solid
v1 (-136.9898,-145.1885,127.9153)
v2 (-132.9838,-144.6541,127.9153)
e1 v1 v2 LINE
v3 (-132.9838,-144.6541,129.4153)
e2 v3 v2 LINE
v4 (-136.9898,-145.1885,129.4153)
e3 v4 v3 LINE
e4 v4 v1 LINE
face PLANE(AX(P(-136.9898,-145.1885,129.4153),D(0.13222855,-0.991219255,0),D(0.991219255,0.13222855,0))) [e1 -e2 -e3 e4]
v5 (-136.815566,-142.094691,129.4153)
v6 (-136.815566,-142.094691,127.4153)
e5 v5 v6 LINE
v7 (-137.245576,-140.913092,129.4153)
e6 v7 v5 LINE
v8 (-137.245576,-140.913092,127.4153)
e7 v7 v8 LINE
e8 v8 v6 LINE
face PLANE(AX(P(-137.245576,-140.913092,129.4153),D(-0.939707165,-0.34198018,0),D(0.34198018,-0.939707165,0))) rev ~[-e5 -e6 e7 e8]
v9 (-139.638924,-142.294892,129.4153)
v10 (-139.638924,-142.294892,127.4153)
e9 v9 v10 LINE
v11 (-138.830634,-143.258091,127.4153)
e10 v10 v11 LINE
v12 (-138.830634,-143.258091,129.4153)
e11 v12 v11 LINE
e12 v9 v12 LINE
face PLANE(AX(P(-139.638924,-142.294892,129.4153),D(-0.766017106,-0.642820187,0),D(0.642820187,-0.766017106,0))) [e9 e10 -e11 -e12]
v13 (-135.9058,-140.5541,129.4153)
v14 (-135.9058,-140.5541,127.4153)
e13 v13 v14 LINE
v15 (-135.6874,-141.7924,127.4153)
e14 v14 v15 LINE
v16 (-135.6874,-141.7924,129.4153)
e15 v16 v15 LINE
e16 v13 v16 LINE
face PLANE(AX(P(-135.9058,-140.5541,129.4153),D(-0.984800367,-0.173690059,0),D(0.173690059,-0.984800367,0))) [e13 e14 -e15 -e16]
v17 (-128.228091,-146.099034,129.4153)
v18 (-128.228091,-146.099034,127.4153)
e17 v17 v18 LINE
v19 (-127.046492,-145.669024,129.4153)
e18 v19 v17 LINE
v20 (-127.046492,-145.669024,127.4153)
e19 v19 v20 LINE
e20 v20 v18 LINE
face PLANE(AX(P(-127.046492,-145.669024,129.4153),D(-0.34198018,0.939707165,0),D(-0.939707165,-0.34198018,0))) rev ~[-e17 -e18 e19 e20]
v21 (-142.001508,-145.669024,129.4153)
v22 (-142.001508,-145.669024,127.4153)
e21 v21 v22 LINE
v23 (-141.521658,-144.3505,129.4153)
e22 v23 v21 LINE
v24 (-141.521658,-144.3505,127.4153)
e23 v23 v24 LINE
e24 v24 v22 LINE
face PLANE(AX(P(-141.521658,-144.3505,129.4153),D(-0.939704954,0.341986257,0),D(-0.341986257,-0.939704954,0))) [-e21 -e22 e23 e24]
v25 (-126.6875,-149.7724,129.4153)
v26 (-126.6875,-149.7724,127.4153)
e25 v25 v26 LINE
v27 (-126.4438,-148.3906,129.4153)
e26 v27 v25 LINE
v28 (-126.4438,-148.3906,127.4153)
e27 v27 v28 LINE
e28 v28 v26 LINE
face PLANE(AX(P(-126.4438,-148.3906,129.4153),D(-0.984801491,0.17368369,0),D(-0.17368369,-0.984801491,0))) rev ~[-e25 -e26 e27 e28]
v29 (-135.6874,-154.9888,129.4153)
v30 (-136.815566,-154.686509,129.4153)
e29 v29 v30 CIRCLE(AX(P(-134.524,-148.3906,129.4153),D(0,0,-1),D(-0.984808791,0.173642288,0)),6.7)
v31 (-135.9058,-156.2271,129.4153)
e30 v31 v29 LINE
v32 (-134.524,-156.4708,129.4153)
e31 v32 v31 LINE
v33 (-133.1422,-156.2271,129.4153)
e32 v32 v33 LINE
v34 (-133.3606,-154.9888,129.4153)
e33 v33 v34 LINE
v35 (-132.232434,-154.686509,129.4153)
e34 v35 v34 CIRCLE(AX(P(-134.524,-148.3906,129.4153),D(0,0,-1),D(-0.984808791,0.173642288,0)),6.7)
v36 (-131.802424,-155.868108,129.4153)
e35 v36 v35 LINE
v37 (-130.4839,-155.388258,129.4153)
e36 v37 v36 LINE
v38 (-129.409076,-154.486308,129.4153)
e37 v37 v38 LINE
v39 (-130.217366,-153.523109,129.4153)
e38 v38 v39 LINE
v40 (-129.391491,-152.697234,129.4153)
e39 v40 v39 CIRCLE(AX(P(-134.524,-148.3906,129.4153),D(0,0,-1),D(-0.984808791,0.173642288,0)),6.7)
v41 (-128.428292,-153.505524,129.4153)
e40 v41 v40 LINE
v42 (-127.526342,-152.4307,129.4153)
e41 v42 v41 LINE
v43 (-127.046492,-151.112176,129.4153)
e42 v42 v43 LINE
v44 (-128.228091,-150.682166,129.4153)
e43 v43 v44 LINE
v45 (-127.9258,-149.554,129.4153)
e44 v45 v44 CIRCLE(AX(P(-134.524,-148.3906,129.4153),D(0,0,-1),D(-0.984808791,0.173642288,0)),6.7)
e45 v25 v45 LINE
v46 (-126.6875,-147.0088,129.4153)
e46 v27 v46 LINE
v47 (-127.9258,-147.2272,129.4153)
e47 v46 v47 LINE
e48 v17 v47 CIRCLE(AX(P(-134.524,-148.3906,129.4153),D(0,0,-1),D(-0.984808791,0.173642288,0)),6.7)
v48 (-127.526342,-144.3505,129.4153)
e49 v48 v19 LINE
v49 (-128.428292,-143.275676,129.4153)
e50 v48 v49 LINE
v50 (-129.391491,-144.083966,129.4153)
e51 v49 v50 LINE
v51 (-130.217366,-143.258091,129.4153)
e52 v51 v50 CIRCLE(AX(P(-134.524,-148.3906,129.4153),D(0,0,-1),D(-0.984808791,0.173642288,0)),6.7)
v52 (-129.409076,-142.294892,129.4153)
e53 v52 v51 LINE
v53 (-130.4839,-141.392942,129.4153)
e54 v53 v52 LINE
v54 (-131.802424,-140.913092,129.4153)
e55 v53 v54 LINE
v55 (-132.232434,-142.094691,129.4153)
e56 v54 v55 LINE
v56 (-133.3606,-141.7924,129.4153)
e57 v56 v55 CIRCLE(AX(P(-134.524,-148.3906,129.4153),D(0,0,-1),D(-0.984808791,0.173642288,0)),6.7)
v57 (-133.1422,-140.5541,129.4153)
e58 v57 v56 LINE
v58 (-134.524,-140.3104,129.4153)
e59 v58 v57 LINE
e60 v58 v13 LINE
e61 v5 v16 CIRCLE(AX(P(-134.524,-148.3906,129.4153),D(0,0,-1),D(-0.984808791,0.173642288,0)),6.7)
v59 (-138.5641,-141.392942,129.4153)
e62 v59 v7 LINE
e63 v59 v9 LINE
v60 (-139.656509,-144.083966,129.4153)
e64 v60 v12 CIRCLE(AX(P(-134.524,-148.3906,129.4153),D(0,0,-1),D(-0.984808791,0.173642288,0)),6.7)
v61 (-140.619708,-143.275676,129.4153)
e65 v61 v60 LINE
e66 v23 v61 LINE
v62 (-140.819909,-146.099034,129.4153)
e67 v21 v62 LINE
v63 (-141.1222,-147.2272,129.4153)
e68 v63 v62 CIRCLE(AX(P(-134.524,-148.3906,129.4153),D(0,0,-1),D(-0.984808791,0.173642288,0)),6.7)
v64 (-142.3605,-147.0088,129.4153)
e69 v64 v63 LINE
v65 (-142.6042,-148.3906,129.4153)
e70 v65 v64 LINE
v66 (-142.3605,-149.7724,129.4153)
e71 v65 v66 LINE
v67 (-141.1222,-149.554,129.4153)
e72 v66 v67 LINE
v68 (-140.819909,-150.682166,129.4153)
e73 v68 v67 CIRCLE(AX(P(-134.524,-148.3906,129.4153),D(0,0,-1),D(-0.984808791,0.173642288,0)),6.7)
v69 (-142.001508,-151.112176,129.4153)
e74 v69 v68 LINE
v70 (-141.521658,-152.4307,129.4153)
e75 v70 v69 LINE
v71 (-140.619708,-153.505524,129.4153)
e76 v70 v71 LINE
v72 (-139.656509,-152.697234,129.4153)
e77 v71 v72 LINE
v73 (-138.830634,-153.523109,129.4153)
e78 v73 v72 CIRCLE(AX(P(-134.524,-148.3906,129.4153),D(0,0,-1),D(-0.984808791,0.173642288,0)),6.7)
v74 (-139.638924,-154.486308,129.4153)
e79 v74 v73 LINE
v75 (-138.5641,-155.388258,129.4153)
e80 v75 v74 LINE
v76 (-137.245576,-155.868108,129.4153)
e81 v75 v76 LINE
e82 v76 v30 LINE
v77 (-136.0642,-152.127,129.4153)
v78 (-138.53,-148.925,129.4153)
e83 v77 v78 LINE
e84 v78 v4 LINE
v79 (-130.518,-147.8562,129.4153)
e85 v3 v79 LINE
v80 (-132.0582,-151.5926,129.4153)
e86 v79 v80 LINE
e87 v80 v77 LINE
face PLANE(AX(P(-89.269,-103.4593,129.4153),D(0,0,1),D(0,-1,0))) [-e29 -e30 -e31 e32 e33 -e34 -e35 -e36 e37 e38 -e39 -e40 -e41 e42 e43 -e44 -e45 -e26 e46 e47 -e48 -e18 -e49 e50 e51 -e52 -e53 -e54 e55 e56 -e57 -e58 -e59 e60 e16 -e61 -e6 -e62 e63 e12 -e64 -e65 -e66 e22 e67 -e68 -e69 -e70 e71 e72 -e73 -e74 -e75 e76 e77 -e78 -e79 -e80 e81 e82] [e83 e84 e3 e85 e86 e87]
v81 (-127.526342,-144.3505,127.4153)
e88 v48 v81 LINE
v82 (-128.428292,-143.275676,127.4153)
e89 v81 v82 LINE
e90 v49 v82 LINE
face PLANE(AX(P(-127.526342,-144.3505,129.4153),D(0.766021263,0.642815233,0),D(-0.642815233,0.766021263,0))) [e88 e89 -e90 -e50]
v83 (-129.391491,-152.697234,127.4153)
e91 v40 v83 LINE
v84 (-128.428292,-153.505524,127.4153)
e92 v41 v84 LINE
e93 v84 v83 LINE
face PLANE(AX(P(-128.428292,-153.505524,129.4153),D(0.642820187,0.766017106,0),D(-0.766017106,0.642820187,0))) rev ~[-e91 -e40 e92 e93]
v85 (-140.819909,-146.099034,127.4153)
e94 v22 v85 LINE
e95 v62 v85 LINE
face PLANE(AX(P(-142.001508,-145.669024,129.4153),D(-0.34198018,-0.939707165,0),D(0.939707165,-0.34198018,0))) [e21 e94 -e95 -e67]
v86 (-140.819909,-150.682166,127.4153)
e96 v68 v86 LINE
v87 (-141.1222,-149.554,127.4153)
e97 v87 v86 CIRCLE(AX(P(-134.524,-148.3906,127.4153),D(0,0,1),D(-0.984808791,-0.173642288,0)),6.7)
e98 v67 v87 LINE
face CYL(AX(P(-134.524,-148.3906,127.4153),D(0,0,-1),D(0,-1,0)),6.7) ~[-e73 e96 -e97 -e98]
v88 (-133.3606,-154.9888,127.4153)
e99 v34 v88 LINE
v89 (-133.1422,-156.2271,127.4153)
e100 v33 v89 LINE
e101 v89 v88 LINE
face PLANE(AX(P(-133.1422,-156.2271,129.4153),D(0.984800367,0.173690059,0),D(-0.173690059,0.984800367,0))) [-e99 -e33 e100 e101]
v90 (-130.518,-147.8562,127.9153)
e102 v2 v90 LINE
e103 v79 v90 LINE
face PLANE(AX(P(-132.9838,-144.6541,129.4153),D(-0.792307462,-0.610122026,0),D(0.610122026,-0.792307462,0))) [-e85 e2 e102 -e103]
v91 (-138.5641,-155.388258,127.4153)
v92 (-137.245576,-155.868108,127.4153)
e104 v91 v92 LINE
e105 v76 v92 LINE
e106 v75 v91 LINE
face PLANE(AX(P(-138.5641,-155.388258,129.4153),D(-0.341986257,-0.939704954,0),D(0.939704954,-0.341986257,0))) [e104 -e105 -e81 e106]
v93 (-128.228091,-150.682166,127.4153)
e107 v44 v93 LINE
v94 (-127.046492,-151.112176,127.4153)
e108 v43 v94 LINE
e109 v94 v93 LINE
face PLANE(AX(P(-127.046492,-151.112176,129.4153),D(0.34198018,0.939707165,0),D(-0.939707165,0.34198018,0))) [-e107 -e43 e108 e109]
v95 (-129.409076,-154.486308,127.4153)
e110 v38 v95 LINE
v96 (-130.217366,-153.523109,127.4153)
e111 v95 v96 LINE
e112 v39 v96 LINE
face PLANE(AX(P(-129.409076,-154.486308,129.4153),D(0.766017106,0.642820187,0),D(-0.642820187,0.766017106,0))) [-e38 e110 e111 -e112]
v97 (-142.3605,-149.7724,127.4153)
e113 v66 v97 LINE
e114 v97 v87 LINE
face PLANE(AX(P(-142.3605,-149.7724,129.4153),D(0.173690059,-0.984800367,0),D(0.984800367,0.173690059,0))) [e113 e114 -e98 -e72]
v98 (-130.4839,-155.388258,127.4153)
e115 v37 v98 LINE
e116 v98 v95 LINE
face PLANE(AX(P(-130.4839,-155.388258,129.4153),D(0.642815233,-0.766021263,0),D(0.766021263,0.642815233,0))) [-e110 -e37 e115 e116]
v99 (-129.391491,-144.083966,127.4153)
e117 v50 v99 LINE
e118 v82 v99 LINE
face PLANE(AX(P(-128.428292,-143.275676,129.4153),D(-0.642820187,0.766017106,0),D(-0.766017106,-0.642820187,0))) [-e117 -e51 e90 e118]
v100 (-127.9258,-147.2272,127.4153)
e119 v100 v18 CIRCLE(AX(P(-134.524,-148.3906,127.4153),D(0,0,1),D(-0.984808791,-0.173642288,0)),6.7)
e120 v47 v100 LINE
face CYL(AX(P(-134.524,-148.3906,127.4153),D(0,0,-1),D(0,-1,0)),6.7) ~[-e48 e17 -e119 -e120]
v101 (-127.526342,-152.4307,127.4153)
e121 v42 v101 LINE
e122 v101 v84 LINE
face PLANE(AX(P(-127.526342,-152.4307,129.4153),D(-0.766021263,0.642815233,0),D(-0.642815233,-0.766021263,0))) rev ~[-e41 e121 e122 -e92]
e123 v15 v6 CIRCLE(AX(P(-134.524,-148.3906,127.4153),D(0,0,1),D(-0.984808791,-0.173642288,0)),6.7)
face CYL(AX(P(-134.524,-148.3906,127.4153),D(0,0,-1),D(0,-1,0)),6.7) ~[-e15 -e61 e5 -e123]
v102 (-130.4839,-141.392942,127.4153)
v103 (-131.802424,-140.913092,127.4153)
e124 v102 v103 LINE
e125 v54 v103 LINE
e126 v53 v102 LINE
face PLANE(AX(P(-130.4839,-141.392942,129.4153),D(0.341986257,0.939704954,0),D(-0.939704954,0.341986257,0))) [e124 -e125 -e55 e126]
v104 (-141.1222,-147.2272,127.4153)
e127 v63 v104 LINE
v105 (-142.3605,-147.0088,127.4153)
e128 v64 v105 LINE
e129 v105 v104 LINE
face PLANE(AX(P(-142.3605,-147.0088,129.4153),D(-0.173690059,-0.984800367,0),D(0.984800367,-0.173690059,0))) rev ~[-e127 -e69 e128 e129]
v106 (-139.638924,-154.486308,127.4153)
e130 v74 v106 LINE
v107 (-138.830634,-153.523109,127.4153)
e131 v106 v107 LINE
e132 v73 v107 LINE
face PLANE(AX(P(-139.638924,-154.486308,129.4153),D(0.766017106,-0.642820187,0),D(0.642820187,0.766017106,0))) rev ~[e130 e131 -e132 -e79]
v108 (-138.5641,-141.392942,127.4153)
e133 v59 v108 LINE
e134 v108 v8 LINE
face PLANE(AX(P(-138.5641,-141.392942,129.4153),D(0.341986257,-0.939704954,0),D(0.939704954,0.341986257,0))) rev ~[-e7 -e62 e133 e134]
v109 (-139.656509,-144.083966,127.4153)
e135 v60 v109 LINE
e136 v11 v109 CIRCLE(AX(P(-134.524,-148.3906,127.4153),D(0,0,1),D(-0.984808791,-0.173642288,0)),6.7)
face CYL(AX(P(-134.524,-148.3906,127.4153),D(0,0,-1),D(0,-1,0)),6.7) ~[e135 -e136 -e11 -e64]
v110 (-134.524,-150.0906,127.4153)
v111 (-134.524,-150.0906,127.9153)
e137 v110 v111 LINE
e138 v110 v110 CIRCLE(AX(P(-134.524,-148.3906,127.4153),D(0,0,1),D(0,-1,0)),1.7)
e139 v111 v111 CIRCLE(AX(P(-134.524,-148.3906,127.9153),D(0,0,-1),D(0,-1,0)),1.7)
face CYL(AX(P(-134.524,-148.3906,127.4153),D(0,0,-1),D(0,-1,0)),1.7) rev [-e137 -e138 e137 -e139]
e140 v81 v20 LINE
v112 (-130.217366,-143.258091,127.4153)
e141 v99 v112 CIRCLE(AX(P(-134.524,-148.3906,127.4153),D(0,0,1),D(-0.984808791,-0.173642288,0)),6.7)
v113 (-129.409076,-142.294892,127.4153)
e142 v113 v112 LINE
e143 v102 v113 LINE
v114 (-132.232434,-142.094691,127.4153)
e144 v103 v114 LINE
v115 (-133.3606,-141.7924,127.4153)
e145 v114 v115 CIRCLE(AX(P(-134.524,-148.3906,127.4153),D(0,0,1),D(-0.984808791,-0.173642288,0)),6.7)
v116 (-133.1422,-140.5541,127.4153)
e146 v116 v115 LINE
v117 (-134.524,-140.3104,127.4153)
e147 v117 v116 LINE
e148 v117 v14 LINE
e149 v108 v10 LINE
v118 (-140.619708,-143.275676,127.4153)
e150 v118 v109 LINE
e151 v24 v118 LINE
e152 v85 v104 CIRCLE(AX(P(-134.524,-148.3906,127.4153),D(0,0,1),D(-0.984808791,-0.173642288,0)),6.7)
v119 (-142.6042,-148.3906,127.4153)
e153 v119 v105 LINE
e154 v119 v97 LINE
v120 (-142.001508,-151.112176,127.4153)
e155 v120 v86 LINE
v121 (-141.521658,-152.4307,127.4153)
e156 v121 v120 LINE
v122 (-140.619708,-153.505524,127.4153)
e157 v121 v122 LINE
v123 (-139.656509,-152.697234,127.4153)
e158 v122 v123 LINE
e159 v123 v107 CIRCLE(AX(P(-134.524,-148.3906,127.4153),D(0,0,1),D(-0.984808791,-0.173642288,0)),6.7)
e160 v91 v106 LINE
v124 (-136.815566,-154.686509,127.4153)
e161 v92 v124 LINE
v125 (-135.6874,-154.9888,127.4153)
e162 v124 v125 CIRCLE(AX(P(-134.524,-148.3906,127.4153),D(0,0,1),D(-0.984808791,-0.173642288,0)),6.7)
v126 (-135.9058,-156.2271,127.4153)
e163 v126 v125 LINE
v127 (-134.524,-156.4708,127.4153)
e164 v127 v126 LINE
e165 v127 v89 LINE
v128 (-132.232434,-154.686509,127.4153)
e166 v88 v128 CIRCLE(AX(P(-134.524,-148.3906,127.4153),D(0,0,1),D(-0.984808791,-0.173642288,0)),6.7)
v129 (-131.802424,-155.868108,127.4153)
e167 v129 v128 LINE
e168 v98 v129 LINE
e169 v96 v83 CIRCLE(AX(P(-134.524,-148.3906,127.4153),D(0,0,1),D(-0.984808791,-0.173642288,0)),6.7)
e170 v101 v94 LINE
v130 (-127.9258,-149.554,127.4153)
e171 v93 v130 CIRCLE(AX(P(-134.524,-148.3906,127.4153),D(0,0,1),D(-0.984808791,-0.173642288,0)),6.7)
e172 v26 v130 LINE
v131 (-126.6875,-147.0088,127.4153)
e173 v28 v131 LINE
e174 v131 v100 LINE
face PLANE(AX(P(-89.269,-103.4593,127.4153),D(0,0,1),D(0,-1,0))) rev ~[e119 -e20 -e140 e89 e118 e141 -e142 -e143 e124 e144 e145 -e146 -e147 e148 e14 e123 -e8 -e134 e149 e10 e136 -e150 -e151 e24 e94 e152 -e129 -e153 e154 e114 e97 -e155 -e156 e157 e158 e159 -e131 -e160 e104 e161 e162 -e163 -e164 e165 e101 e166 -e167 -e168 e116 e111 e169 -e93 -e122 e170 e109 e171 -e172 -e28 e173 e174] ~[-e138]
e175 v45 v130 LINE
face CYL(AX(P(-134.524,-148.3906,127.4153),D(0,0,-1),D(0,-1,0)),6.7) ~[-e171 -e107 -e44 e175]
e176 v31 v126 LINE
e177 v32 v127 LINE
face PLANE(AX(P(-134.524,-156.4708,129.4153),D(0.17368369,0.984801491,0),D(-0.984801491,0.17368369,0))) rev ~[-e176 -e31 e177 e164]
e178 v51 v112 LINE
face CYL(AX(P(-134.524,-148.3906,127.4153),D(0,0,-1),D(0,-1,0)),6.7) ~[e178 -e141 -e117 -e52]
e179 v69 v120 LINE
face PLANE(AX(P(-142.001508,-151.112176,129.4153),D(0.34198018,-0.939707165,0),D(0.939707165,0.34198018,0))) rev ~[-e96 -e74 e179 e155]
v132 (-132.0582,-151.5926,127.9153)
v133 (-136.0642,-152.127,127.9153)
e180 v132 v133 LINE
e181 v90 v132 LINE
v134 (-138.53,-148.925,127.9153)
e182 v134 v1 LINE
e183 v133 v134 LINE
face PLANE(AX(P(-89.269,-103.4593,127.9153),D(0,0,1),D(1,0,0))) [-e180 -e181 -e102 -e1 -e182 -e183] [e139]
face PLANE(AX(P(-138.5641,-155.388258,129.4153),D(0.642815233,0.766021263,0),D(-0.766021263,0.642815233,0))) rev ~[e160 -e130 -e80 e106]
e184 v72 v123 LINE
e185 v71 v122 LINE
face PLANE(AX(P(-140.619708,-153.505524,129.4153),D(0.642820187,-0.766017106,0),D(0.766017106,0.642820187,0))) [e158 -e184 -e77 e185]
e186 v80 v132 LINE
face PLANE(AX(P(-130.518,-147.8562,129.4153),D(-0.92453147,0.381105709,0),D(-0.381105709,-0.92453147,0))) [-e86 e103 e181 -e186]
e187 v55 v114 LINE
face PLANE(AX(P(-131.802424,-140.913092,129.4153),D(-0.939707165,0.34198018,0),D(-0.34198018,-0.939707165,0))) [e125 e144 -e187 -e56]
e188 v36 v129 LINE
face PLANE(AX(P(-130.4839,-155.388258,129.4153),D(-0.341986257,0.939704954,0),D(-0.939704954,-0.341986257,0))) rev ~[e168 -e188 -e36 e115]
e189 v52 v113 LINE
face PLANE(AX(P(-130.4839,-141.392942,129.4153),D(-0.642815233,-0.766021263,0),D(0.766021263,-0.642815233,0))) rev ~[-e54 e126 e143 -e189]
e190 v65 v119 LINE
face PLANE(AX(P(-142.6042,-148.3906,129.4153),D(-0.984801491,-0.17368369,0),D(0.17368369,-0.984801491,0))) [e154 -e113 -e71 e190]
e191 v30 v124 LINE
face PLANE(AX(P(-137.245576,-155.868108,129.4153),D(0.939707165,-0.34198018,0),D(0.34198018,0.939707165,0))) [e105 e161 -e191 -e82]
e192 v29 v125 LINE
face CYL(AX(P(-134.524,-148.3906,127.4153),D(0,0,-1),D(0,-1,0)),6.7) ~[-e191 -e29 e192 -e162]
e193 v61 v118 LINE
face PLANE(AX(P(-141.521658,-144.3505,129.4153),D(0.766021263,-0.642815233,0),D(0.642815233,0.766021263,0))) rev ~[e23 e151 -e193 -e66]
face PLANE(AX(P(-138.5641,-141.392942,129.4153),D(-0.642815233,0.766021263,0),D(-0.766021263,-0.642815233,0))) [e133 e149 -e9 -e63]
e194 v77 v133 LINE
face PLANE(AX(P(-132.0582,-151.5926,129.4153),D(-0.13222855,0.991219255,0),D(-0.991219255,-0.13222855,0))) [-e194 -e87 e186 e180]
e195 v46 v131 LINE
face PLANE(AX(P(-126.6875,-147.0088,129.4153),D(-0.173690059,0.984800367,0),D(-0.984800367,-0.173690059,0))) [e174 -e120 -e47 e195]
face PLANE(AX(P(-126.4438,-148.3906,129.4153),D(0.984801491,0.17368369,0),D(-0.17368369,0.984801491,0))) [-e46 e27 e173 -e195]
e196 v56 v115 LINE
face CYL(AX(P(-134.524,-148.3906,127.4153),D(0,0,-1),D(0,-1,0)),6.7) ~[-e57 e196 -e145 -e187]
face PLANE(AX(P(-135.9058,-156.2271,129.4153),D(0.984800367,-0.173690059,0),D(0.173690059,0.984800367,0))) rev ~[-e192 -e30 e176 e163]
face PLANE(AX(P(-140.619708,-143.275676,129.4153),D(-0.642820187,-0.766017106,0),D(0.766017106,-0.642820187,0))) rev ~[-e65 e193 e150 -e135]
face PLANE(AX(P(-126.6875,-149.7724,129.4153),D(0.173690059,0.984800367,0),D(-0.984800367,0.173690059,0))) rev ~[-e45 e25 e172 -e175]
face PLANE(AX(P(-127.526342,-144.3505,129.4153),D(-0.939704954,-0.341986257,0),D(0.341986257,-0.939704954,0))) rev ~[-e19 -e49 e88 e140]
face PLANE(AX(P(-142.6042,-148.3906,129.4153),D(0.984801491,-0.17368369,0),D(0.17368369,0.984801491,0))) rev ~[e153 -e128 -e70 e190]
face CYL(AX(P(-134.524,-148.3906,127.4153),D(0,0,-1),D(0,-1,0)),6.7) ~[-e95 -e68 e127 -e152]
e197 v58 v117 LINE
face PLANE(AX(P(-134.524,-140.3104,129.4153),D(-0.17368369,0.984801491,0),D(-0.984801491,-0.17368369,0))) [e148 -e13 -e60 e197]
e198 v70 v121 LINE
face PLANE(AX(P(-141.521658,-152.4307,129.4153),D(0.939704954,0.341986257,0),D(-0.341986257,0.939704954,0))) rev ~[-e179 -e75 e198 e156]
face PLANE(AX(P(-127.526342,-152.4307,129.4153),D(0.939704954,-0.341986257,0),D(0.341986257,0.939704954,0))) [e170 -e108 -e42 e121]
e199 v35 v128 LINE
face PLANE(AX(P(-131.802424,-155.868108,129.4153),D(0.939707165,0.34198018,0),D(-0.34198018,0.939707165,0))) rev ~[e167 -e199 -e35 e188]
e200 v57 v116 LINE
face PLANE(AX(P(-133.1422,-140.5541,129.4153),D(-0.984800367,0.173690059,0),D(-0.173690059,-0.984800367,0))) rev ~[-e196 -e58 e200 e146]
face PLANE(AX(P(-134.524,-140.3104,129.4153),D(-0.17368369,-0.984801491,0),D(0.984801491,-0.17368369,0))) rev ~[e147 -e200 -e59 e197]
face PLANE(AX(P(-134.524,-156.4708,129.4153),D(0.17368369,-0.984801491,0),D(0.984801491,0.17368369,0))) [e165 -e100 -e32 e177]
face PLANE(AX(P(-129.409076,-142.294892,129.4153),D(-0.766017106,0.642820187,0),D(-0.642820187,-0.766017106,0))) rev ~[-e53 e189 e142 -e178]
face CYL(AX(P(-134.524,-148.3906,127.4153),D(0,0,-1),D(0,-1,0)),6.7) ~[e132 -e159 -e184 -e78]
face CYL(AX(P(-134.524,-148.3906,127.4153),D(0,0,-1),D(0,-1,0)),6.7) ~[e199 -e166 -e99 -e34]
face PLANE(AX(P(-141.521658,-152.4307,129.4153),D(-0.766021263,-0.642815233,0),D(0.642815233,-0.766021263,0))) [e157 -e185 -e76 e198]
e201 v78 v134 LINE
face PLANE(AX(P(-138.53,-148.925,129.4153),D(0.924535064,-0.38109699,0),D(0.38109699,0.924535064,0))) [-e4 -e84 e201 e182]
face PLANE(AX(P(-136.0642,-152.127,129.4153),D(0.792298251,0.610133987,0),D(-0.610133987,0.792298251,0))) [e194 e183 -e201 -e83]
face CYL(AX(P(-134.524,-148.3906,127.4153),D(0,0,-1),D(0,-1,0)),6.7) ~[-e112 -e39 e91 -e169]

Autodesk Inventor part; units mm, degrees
ref_plane "YZ Plane" through (0, 0, 0) normal (1, 0, 0) x (0, 1, 0)
ref_plane "XZ Plane" through (0, 0, 0) normal (0, 1, 0) x (-1, 0, 0)
ref_plane "XY Plane" through (0, 0, 0) normal (0, 0, 1) x (1, 0, 0)
ref_plane "Work Plane1" through (-89.269, -103.4593, 127.4153) normal (0, 0, 1) x (0, -1, 0)
sketch "Sketch1" plane through (-89.269, -103.4593, 127.4153) normal (0, 0, 1) x (0, -1, 0)
  circle A0 centre (44.9313, -45.255) radius 1.4 construction
  circle A1 centre (44.9313, -45.255) radius 1.7
  circle A2 centre (44.9313, -45.255) radius 6.7
  point P0 (-103.4593, 89.269)
  dimension "d0" = 0.3
  dimension "d1" = 5
extrude "Extrusion1" add sketch "Sketch1" along normal blind 2
sketch "Sketch2" plane through (-134.524, -148.3906, 129.4153) normal (0, 0, 1) x (1, 0, 0)
  circle A0 centre (0, 0) radius 1.7 projected
  circle A1 centre (0, 0) radius 6.7 projected
  line L0 (-6.7, 0) -> (-8.0802, 0)
  line L1 (-8.0802, 0) -> (-7.8365, -1.3818)
  line L2 (-7.8365, -1.3818) -> (-6.5982, -1.1634)
  circle A2 centre (0, 0) radius 6.7 projected
  line L3 (0, 0) -> (-6.5982, -1.1634)
  line L4 (0, 0) -> (-6.7, 0)
  line L5 (0, 0) -> (6.7, 0) construction
  line L6 (-8.0802, 0) -> (-7.8365, 1.3818)
  line L7 (-7.8365, 1.3818) -> (-6.5982, 1.1634)
  arc A3 (-6.5982, 1.1634) -> (-6.5982, -1.1634) centre (0, 0) ccw
  point P0 (134.524, 148.3906)
  dimension "d4" = 180
  dimension "d7" = 10
extrude "Extrusion2" add sketch "Sketch2" against normal up to surface (2 mm away) contours L0 L6 L7 A1 | A1 L2 L1 L0
pattern_circular "Circular Pattern1" count 12 over 360 about axis through (-134.524, -148.3906, 127.4153) along (0, 0, 1) of "Extrusion2"
sketch "Sketch3" plane through (-89.269, -103.4593, 129.4153) normal (0, 0, 1) x (1, 0, 0)
  circle A0 centre (-45.255, -44.9313) radius 2.45 projected
  line L0 (-42.7892, -48.1333) -> (-46.7952, -48.6677)
  line L1 (-46.7952, -48.6677) -> (-49.261, -45.4657)
  line L2 (-49.261, -45.4657) -> (-47.7208, -41.7292)
  line L3 (-47.7208, -41.7292) -> (-43.7148, -41.1948)
  line L4 (-43.7148, -41.1948) -> (-41.249, -44.3969)
  line L5 (-41.249, -44.3969) -> (-42.7892, -48.1333)
  point P0 (89.269, 103.4593)
  dimension "d11" = 7
extrude "Extrusion3" cut sketch "Sketch3" against normal blind 1.5 contours A0 | L0 L1 L2 L3 L4 L5
properties part number "cellSTORM_screw_ring_adjuster"
